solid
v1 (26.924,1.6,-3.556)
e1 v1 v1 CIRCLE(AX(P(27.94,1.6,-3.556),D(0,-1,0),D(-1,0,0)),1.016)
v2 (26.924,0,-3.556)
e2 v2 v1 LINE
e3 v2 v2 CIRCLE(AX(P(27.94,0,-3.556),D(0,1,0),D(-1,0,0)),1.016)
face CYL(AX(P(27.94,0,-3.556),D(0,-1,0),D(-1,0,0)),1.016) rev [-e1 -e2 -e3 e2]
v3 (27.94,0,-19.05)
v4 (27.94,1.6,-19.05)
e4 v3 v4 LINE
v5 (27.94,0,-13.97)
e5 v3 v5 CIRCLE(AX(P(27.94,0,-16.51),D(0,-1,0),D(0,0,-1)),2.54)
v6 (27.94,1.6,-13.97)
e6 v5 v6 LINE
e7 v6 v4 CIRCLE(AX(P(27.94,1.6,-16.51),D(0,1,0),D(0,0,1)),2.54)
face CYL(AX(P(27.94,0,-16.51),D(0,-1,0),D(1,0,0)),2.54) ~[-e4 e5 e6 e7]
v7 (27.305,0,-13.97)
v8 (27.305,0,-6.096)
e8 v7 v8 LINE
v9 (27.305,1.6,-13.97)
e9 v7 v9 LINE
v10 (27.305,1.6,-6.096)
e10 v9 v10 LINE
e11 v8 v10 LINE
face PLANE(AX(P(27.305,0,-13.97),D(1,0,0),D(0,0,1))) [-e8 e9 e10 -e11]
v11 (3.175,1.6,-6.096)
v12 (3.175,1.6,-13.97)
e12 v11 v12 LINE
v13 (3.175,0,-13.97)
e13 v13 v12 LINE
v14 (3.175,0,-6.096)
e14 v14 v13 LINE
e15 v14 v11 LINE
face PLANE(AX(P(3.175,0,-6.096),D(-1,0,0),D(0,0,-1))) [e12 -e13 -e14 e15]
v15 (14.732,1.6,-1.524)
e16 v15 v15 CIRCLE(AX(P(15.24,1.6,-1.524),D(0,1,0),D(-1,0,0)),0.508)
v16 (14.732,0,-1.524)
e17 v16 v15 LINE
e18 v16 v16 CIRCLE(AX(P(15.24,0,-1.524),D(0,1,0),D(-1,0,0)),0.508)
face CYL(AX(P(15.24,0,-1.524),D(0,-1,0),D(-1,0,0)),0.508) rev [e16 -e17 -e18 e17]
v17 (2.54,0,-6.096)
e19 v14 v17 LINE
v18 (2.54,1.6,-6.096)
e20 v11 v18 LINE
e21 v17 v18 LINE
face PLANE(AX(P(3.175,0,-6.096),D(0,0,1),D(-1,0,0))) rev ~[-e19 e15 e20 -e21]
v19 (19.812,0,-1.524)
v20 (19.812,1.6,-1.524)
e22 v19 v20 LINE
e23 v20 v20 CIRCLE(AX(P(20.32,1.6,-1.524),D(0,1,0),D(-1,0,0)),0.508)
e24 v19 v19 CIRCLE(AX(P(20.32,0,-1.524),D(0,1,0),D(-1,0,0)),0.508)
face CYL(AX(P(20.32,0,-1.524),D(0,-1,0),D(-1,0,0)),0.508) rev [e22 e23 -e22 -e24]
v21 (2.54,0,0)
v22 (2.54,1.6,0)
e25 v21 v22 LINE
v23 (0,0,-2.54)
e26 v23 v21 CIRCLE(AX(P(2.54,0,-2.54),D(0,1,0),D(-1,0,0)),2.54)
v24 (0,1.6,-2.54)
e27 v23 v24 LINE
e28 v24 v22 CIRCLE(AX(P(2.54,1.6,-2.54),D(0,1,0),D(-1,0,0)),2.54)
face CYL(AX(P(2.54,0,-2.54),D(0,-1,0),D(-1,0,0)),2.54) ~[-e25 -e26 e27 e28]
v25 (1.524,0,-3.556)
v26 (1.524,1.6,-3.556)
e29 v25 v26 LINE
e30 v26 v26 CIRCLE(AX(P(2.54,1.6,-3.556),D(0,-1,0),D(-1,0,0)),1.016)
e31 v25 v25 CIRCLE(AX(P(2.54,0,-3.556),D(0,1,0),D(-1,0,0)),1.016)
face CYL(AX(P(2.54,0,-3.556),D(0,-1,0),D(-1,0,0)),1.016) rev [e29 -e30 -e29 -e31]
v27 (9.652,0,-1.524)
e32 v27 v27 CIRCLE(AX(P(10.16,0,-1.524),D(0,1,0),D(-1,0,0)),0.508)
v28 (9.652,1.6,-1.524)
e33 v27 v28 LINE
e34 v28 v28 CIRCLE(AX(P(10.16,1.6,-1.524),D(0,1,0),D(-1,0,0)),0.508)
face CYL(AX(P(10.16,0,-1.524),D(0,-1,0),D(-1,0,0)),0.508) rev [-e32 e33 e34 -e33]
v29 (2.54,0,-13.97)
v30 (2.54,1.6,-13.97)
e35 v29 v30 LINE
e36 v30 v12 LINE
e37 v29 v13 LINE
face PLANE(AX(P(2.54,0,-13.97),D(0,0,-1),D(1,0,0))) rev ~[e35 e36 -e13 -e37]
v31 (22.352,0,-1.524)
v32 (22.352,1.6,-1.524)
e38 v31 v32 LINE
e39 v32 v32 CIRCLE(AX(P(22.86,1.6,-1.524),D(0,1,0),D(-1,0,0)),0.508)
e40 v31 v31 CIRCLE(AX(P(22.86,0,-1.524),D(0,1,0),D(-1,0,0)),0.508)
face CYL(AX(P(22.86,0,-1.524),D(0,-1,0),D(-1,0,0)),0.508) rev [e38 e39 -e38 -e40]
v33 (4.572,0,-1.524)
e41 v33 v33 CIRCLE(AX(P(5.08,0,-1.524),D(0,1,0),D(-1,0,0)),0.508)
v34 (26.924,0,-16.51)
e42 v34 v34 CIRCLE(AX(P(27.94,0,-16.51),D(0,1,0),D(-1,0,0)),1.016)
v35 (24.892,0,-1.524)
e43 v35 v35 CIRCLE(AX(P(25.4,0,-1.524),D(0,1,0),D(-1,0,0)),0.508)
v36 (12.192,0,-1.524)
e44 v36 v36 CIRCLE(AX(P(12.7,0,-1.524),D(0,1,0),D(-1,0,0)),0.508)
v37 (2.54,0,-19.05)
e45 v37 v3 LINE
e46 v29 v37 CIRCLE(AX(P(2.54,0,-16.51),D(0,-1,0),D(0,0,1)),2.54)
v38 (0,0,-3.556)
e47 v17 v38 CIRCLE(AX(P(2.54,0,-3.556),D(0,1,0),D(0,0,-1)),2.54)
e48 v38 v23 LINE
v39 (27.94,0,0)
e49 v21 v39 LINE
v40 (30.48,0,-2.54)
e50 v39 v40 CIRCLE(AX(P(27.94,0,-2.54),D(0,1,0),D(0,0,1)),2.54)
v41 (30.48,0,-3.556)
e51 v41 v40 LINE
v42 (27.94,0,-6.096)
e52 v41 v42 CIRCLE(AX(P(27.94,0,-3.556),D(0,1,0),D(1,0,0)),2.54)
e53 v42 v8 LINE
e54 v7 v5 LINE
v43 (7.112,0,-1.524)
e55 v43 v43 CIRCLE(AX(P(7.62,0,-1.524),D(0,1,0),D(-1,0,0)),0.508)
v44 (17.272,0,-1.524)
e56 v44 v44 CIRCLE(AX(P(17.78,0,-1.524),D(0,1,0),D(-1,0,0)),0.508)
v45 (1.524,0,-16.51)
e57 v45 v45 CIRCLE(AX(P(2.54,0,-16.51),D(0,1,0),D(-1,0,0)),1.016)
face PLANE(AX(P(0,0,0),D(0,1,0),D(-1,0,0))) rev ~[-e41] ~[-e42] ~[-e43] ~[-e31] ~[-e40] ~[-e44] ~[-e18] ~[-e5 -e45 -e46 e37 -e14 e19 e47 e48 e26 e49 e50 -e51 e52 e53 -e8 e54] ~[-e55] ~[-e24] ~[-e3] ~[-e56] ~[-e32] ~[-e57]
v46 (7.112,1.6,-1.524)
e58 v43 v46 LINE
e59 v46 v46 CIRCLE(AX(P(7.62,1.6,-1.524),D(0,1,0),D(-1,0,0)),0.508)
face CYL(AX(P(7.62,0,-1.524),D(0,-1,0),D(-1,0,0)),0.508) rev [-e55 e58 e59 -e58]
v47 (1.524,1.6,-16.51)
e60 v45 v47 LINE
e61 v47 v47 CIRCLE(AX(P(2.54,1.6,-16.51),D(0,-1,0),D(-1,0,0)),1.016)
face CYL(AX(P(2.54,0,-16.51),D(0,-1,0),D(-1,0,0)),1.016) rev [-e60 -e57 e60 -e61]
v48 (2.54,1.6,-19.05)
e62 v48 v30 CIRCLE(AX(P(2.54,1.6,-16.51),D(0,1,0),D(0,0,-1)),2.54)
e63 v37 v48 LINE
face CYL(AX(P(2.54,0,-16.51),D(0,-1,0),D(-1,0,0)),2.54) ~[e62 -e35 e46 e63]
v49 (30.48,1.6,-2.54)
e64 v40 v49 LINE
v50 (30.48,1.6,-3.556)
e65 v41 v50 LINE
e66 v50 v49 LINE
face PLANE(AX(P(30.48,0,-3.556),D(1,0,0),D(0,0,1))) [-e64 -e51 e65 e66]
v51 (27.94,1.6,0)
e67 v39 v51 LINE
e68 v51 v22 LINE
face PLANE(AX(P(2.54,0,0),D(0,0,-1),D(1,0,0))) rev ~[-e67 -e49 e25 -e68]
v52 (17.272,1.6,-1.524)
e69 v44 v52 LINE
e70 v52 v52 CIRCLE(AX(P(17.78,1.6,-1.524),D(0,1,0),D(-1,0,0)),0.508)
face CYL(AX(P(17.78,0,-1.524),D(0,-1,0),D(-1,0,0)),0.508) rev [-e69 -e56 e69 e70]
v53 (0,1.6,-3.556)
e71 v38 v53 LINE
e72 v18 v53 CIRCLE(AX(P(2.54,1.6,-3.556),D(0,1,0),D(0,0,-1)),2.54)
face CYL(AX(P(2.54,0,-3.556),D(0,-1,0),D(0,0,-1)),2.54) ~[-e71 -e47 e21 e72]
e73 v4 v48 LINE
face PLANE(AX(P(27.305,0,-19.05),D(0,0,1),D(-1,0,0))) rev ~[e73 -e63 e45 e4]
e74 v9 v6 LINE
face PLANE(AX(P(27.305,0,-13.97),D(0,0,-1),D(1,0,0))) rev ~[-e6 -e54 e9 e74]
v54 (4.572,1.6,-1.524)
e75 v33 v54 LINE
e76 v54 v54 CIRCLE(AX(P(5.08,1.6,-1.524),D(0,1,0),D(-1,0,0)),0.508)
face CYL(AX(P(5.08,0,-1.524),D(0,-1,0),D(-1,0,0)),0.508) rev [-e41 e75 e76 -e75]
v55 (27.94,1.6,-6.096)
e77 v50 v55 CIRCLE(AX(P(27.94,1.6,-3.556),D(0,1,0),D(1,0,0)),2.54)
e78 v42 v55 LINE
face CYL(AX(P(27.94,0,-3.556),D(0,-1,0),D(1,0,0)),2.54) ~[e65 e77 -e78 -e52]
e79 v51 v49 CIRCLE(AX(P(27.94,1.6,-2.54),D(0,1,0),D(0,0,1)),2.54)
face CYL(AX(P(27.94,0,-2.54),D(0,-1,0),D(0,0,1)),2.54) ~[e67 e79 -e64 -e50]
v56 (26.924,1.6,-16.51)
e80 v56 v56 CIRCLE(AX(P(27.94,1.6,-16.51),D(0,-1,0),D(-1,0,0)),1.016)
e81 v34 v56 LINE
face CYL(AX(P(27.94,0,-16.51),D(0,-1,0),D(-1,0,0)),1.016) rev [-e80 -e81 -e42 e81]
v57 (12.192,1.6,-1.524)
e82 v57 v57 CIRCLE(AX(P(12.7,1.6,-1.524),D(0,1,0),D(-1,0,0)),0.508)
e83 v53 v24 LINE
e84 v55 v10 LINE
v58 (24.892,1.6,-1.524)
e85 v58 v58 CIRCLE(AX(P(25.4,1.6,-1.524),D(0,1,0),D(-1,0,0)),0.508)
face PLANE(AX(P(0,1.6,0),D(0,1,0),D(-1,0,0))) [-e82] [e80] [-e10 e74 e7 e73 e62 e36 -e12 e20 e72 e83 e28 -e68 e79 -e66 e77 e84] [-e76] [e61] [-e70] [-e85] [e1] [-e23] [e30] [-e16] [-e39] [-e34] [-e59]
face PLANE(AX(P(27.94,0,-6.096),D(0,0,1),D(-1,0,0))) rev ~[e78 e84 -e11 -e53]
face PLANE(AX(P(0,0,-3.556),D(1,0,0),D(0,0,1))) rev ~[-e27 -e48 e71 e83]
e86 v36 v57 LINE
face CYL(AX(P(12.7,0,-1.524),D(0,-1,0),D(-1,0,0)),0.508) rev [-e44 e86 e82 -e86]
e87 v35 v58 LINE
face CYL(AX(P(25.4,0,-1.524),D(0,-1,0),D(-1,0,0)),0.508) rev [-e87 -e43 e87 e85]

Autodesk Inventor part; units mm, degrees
ref_plane "YZ Plane" through (0, 0, 0) normal (1, 0, 0) x (0, 1, 0)
ref_plane "XZ Plane" through (0, 0, 0) normal (0, 1, 0) x (-1, 0, 0)
ref_plane "XY Plane" through (0, 0, 0) normal (0, 0, 1) x (1, 0, 0)
sketch "Sketch1" plane through (0, 0, 0) normal (0, 1, 0) x (-1, 0, 0)
  line L0 (-2.54, 0) -> (-27.94, 0)
  line L1 (-30.48, -16.51) -> (-30.48, -16.51)
  line L2 (-27.94, -19.05) -> (-2.54, -19.05)
  line L3 (0, -16.51) -> (0, -16.51)
  circle A0 centre (-2.54, -16.51) radius 1.016
  circle A1 centre (-27.94, -16.51) radius 1.016
  circle A2 centre (-2.54, -3.556) radius 1.016
  circle A3 centre (-27.94, -3.556) radius 1.016
  line L4 (-3.175, -19.05) -> (-27.305, -19.05)
  line L5 (-27.305, -19.05) -> (-27.305, 0)
  line L6 (-27.305, 0) -> (-3.175, 0)
  line L7 (-3.175, 0) -> (-3.175, -19.05)
  line L8 (-2.54, -13.97) -> (-27.94, -13.97)
  line L9 (-30.48, -13.97) -> (-30.48, -6.096)
  line L10 (-27.94, -6.096) -> (-2.54, -6.096)
  line L11 (0, -6.096) -> (0, -13.97)
  arc A4 (-2.54, -19.05) -> (0, -16.51) centre (-2.54, -16.51) ccw
  arc A5 (-30.48, -16.51) -> (-27.94, -19.05) centre (-27.94, -16.51) ccw
  arc A6 (0, -16.51) -> (-2.54, -13.97) centre (-2.54, -16.51) ccw
  arc A7 (-27.94, -13.97) -> (-30.48, -16.51) centre (-27.94, -16.51) ccw
  line L12 (0, -3.556) -> (0, -2.54)
  line L13 (-30.48, -3.556) -> (-30.48, -2.54)
  arc A8 (-30.48, -3.556) -> (-27.94, -6.096) centre (-27.94, -3.556) ccw
  arc A9 (-27.94, 0) -> (-30.48, -2.54) centre (-27.94, -2.54) ccw
  arc A10 (0, -2.54) -> (-2.54, 0) centre (-2.54, -2.54) ccw
  arc A11 (-2.54, -6.096) -> (0, -3.556) centre (-2.54, -3.556) ccw
  line L14 (-0.2121, -1.524) -> (-30.2679, -1.524) construction
  circle A12 centre (-5.08, -1.524) radius 0.508
  circle A13 centre (-7.62, -1.524) radius 0.508
  circle A14 centre (-10.16, -1.524) radius 0.508
  circle A15 centre (-12.7, -1.524) radius 0.508
  circle A16 centre (-15.24, -1.524) radius 0.508
  circle A17 centre (-17.78, -1.524) radius 0.508
  circle A18 centre (-20.32, -1.524) radius 0.508
  circle A19 centre (-22.86, -1.524) radius 0.508
  circle A20 centre (-25.4, -1.524) radius 0.508
  point P0 (0, 0)
  point P1 (-30.48, -19.05)
  point P2 (-30.48, 0)
  point P3 (0, -19.05)
  point P4 (-3.175, -13.97)
  point P5 (-3.175, -6.096)
  point P6 (-27.305, -6.096)
  point P7 (-27.305, -13.97)
  dimension "d0" = 30.48
  dimension "d1" = 19.05
  dimension "d2" = 3.556
  dimension "d3" = 3.556
  dimension "d4" = 2.54
  dimension "d5" = 2.54
  dimension "d6" = 2.54
  dimension "d7" = 2.54
  dimension "d8" = 12.954
  dimension "d9" = 12.954
  dimension "d10" = 2.032
  dimension "d11" = 24.13
  dimension "d12" = 3.175
  dimension "d13" = 3.175
  dimension "d14" = 2.54
  dimension "d15" = 2.54
  dimension "d16" = 2.54
  dimension "d17" = 2.54
  dimension "d18" = 1.524
  dimension "d19" = 5.08
  dimension "d22" = 2.54
  dimension "d27" = 5.08
  dimension "d28" = 1.016
  dimension "d31" = 2.54
extrude "Extrusion1" add sketch "Sketch1" along normal blind 1.6 contours A10 L12 A11 L10 L7 A2 L0 | L7 A2 L10 L5 A3 L0 | L5 A3 L10 A8 L13 A9 L0 | L7 L8 L5 L10 | L8 A6 A4 L2 L7 A0 | L7 A0 L2 L5 A1 L8 | L5 A1 L2 A5 A7 L8
equation "\"d3\" = d2"
equation "\"d9\" = d8"
equation "\"d12\" = d13"
equation "\"d19\" = d27"
properties part number "L3GD20H footprint"
